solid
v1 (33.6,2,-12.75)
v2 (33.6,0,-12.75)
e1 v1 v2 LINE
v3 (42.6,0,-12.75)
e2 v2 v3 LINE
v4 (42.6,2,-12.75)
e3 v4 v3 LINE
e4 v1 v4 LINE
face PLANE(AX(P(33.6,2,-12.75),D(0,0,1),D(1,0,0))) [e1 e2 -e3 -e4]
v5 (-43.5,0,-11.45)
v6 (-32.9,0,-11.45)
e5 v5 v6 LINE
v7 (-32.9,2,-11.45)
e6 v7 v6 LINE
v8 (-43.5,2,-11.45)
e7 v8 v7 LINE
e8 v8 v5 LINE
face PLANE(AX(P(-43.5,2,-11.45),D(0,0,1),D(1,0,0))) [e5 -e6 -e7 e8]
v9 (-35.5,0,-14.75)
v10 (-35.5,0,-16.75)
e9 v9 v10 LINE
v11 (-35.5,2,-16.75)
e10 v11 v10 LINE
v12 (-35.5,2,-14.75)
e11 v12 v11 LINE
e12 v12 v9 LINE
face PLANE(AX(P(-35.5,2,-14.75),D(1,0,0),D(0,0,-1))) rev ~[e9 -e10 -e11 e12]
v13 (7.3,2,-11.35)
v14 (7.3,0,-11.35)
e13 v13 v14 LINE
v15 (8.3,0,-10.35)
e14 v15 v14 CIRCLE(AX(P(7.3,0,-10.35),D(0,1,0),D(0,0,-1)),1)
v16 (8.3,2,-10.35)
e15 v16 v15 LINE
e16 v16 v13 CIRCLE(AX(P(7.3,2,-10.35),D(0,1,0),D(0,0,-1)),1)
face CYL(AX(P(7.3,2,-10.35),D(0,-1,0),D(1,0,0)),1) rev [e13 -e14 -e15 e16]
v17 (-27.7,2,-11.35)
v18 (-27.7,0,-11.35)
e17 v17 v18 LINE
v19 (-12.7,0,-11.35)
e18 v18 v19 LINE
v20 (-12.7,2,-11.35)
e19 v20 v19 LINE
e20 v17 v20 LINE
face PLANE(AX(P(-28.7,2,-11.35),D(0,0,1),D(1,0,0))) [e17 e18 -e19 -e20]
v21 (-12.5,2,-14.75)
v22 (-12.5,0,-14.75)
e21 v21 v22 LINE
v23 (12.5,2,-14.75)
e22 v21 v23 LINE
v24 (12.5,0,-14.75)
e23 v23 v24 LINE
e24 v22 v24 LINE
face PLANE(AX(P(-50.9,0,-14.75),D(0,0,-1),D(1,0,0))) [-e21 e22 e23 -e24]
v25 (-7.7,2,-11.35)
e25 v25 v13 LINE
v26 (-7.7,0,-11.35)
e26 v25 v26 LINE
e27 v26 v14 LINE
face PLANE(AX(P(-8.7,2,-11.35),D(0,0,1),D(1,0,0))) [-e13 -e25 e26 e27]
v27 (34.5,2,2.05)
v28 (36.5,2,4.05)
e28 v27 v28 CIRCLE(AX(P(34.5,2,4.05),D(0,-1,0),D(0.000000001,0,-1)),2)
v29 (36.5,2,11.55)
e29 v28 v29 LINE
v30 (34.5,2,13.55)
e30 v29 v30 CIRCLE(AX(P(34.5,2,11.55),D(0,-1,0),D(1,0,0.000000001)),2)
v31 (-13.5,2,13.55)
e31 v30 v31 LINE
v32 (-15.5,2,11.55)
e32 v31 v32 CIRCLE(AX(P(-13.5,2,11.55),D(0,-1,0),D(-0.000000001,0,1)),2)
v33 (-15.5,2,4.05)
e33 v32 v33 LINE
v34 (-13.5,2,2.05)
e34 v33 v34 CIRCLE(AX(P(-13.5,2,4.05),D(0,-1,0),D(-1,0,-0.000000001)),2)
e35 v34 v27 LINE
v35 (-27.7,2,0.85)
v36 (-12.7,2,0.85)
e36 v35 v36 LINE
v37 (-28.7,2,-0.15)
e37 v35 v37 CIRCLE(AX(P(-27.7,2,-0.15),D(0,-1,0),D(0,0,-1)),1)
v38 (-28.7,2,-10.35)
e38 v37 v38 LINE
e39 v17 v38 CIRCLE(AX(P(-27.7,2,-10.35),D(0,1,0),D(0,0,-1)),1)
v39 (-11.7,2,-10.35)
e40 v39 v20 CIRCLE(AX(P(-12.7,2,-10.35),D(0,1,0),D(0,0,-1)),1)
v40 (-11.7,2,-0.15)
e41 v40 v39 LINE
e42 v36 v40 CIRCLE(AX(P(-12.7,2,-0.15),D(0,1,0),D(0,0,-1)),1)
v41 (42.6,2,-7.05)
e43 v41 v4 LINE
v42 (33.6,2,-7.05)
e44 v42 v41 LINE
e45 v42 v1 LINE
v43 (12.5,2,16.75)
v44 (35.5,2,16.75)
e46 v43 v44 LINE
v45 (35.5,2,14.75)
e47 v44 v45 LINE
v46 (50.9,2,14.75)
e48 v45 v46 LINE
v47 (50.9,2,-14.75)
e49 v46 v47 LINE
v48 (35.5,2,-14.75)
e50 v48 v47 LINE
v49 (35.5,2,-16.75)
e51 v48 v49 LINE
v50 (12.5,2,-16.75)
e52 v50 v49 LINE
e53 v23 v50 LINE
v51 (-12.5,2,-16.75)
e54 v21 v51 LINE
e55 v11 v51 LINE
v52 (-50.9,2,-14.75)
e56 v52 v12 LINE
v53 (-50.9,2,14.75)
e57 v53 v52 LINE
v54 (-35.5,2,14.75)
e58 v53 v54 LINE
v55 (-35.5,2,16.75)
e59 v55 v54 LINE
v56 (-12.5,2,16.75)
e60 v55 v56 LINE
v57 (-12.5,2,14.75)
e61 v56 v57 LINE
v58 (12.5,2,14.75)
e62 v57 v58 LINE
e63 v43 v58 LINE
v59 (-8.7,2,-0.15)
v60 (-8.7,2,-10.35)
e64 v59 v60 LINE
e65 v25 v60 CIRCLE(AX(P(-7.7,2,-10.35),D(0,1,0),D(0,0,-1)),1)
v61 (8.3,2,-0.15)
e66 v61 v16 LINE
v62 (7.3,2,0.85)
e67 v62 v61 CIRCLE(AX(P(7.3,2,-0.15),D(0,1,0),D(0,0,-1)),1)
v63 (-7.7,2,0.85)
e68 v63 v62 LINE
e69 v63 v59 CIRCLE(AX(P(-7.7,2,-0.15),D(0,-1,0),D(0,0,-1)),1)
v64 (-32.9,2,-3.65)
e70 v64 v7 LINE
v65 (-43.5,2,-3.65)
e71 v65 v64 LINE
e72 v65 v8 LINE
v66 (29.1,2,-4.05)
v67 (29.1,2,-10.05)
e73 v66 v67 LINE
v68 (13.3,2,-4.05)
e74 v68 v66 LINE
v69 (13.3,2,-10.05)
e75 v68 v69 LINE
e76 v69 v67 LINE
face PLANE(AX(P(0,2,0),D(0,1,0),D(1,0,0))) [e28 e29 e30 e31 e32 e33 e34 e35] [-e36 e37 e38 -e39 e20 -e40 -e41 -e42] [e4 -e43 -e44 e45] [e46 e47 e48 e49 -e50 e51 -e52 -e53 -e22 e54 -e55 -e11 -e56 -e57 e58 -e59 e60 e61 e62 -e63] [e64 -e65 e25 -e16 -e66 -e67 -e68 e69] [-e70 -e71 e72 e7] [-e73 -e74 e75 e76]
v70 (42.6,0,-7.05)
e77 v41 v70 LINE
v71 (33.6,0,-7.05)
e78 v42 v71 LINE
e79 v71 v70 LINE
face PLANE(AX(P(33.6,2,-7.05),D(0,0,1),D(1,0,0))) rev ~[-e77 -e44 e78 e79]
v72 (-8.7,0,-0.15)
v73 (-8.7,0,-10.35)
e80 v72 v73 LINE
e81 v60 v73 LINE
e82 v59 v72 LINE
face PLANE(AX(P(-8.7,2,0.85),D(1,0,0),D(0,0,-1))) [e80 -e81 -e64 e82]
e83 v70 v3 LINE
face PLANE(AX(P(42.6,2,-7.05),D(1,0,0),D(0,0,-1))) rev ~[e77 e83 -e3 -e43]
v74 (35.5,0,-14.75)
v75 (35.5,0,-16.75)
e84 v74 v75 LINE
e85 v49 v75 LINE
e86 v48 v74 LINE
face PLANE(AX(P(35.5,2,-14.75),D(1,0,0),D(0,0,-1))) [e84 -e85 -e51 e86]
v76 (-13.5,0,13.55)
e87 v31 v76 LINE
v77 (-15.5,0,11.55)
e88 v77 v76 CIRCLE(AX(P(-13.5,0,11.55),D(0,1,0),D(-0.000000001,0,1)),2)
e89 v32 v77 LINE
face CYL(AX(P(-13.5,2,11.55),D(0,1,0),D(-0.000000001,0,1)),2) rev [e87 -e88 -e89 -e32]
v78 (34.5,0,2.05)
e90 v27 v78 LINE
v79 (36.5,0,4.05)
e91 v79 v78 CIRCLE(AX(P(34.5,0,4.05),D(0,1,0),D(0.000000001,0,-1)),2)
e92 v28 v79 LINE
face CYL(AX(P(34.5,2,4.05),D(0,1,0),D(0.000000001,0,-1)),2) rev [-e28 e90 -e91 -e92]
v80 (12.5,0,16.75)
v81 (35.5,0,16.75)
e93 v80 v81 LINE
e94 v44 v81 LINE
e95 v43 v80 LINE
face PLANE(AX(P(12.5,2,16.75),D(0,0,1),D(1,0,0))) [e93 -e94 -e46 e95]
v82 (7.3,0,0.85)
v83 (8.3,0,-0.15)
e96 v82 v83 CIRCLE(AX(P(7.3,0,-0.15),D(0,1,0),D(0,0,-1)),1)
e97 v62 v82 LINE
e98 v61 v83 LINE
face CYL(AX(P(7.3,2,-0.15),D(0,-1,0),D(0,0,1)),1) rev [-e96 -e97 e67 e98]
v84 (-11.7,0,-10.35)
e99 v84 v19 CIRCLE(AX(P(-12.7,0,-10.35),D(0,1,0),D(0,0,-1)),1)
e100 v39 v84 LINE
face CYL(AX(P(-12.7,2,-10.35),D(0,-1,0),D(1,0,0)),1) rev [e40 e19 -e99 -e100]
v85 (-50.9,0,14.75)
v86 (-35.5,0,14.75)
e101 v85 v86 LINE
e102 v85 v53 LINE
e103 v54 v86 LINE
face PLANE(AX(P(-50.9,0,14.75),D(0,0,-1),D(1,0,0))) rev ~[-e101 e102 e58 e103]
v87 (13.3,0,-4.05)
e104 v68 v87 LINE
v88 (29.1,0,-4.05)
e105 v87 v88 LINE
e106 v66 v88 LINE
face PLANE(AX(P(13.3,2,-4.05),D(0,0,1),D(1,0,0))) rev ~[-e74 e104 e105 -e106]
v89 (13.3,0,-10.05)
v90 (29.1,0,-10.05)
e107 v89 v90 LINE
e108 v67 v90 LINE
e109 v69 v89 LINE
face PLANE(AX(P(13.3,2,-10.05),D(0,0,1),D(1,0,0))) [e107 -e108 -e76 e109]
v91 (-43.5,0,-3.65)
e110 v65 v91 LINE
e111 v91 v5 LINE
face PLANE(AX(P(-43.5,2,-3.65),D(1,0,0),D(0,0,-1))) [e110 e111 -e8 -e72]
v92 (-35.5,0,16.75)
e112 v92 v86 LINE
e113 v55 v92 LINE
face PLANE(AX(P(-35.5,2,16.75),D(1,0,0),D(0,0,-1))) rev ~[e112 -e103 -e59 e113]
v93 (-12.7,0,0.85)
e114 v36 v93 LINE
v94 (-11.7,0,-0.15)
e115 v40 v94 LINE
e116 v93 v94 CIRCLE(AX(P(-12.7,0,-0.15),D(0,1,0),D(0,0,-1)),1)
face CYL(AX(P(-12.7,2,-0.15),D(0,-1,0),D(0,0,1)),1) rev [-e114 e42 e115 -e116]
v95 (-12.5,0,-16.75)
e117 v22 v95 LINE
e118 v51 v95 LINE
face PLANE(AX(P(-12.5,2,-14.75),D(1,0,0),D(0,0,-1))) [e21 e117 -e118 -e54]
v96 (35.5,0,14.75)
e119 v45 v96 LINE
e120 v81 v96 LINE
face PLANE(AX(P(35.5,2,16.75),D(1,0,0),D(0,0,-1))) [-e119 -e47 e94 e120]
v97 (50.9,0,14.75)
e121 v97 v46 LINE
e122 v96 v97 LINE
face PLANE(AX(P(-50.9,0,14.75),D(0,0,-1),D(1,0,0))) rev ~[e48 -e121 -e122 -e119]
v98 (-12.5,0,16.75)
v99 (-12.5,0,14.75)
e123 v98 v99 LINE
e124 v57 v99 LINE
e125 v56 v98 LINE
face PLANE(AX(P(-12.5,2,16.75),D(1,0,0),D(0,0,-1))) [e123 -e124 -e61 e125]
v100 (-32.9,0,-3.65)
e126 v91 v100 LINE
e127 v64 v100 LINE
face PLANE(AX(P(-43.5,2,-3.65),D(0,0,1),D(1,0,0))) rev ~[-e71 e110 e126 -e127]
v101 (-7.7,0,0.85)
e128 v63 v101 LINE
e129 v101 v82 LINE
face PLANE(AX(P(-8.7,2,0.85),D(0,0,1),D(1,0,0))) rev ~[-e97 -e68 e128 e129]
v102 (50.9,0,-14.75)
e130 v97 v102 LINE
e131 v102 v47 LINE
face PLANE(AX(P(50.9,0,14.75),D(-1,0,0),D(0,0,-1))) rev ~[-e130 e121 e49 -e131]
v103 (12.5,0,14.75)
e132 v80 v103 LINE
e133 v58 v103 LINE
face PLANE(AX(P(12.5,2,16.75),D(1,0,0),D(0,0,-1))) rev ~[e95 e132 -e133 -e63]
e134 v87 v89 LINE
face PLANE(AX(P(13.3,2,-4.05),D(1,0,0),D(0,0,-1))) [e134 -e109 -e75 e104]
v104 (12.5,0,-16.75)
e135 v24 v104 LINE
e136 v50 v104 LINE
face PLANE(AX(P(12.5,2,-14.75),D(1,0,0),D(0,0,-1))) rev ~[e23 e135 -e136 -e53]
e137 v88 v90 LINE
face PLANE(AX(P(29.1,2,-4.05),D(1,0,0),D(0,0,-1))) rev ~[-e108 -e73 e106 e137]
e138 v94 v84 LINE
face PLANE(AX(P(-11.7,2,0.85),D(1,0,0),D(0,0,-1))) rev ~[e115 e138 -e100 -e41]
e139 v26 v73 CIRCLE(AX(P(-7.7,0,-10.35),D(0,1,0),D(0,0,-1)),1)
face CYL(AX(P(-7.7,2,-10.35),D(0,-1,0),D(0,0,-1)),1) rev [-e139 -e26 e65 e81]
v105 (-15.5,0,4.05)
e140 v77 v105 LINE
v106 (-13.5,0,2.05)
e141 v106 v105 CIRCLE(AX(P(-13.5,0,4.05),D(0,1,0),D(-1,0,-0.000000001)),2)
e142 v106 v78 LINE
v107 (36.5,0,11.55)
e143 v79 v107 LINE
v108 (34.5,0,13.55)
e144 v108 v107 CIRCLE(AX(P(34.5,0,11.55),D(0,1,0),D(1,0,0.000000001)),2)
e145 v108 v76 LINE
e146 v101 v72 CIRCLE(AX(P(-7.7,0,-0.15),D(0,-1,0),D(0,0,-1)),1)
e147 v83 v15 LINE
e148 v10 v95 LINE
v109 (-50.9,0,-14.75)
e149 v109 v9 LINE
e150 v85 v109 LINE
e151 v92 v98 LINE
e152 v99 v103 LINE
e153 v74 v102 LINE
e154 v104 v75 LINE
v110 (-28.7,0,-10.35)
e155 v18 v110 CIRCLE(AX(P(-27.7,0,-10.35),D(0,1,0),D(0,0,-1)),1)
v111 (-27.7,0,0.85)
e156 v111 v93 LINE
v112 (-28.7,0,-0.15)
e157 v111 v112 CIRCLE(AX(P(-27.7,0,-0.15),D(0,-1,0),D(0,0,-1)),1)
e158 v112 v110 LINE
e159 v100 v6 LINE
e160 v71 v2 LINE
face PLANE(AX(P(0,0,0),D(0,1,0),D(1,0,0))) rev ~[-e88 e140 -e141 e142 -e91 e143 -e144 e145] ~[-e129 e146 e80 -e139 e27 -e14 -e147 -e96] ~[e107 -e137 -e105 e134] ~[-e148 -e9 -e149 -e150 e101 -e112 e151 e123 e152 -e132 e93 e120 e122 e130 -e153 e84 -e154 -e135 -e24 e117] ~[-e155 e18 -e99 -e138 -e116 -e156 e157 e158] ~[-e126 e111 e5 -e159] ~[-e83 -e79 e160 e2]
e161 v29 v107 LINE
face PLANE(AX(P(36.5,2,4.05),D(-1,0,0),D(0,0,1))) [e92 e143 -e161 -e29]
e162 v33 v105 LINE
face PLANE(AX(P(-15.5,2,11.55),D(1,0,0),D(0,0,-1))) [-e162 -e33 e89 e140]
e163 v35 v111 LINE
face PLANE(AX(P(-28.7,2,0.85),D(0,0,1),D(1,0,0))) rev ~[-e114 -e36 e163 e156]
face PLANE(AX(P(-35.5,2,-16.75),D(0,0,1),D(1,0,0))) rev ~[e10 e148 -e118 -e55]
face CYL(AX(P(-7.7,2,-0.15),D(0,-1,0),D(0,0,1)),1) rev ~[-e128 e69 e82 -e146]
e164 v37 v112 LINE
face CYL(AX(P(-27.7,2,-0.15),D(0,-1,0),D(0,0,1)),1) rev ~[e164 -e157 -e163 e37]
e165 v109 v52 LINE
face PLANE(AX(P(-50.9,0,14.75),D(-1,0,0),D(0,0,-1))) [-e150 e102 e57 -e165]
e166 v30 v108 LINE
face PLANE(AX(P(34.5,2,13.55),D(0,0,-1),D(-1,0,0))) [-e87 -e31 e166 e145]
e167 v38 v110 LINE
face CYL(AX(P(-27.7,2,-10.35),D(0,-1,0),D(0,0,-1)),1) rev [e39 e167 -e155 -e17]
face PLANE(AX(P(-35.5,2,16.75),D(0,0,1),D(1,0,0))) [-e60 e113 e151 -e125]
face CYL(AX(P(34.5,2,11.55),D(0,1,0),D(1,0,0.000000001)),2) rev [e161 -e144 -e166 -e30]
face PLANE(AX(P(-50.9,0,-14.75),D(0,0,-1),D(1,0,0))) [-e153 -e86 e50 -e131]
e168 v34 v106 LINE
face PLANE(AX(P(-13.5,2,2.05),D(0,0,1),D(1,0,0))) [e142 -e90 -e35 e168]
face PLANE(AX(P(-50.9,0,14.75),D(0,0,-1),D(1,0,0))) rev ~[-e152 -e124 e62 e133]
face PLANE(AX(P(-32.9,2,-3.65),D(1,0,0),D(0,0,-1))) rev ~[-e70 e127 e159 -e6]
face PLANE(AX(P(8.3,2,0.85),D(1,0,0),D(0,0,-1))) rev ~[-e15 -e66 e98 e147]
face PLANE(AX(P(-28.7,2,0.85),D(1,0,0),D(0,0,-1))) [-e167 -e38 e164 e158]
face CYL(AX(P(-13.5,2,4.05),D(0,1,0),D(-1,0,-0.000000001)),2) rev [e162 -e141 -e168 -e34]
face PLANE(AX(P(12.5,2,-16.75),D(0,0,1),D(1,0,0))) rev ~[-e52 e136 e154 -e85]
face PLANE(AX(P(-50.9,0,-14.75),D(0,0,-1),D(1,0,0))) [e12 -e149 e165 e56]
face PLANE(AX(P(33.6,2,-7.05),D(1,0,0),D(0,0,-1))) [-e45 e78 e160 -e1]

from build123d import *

# Parameters (mm, degrees)
SKETCH_1_W                     = 101.8
SKETCH_1_H                     = 29.5
EXTRUDE_1_DEPTH                = 2
SKETCH_2_W                     = 23
SKETCH_2_H                     = 2
EXTRUDE_2_DEPTH                = 2
SKETCH_3_W                     = 9
SKETCH_3_H                     = 5.7
CUT_EXTRUDE_1_DEPTH            = 3
SKETCH_4_W                     = 10.6
SKETCH_4_H                     = 7.8
CUT_EXTRUDE_2_DEPTH            = 3
SKETCH_6_W                     = 17
SKETCH_6_H                     = 12.2
CUT_EXTRUDE_4_DEPTH            = 3
FILLET_1_R                     = 1
PATTERN_LINEAR_1_COUNT         = 2
PATTERN_LINEAR_1_PITCH         = 20
FILLET_1_OF_PATTERN_LINEAR_1_R = 1
SKETCH_7_W                     = 15.8
SKETCH_7_H                     = 6
CUT_EXTRUDE_5_DEPTH            = 3
CUT_EXTRUDE_6_DEPTH            = 3


with BuildPart() as part:
    # 草图1 → 凸台-拉伸1 (new body)
    with BuildSketch(Plane(origin=(0, 0, 0), x_dir=(1, 0, 0), z_dir=(0, 1, 0))):
        Rectangle(SKETCH_1_W, SKETCH_1_H)
    extrude(amount=EXTRUDE_1_DEPTH)

    # 草图2 → 凸台-拉伸2 (add)
    with BuildSketch(Plane(origin=(0, 2, 0), x_dir=(1, 0, 0), z_dir=(0, 1, 0))):
        with Locations((-24, 15.75)):
            Rectangle(SKETCH_2_W, SKETCH_2_H)
        with Locations((24, 15.75)):
            Rectangle(SKETCH_2_W, SKETCH_2_H)
        with Locations((24, -15.75)):
            Rectangle(SKETCH_2_W, SKETCH_2_H)
        with Locations((-24, -15.75)):
            Rectangle(SKETCH_2_W, SKETCH_2_H)
    extrude(amount=-EXTRUDE_2_DEPTH)

    # 草图3 → 切除-拉伸1 (cut, through all)
    with BuildSketch(Plane(origin=(0, 2, 0), x_dir=(1, 0, 0), z_dir=(0, 1, 0))):
        with Locations((38.1, 9.9)):
            Rectangle(SKETCH_3_W, SKETCH_3_H)
    extrude(amount=-CUT_EXTRUDE_1_DEPTH, mode=Mode.SUBTRACT)

    # 草图4 → 切除-拉伸2 (cut, through all)
    with BuildSketch(Plane(origin=(0, 2, 0), x_dir=(1, 0, 0), z_dir=(0, 1, 0))):
        with Locations((-38.2, 7.55)):
            Rectangle(SKETCH_4_W, SKETCH_4_H)
    extrude(amount=-CUT_EXTRUDE_2_DEPTH, mode=Mode.SUBTRACT)

    # 草图6 → 切除-拉伸4 (cut, through all)
    with BuildSketch(Plane(origin=(0, 2, 0), x_dir=(1, 0, 0), z_dir=(0, 1, 0))):
        with Locations((-20.2, 5.25)):
            Rectangle(SKETCH_6_W, SKETCH_6_H)
    cut_extrude_4 = extrude(amount=-CUT_EXTRUDE_4_DEPTH, mode=Mode.SUBTRACT)

    # 圆角1
    fillet_1_edges = [part.edges().sort_by_distance(p)[0] for p in [
        (-28.7, 1, 0.85),
        (-28.7, 1, -11.35),
        (-11.7, 1, -11.35),
        (-11.7, 1, 0.85),
    ]]
    fillet(fillet_1_edges, radius=FILLET_1_R)

    # 阵列(线性)1: 切除-拉伸4 ×2
    with Locations(*[(i * PATTERN_LINEAR_1_PITCH, 0, 0) for i in range(1, PATTERN_LINEAR_1_COUNT)]):
        add(cut_extrude_4, mode=Mode.SUBTRACT)

    # 圆角1 of 阵列(线性)1
    fillet_1_of_pattern_linear_1_edges = [part.edges().sort_by_distance(p)[0] for p in [
        (-8.7, 1, 0.85),
        (-8.7, 1, -11.35),
        (8.3, 1, -11.35),
        (8.3, 1, 0.85),
    ]]
    fillet(fillet_1_of_pattern_linear_1_edges, radius=FILLET_1_OF_PATTERN_LINEAR_1_R)

    # 草图7 → 切除-拉伸5 (cut, through all)
    with BuildSketch(Plane(origin=(0, 2, 0), x_dir=(1, 0, 0), z_dir=(0, 1, 0))):
        with Locations((21.2, 7.05)):
            Rectangle(SKETCH_7_W, SKETCH_7_H)
    extrude(amount=-CUT_EXTRUDE_5_DEPTH, mode=Mode.SUBTRACT)

    # 草图8 → 切除-拉伸6 (cut, through all)
    with BuildSketch(Plane(origin=(0, 2, 0), x_dir=(1, 0, 0), z_dir=(0, 1, 0))):
        with BuildLine():
            Line((-13.5, -2.05), (34.5, -2.05))
            ThreePointArc((34.5, -2.05), (35.914213562, -2.635786438), (36.5, -4.05))
            Line((36.5, -4.05), (36.5, -11.55))
            ThreePointArc((36.5, -11.55), (35.914213562, -12.964213562), (34.5, -13.55))
            Line((34.5, -13.55), (-13.5, -13.55))
            ThreePointArc((-13.5, -13.55), (-14.914213562, -12.964213562), (-15.5, -11.55))
            Line((-15.5, -11.55), (-15.5, -4.05))
            ThreePointArc((-15.5, -4.05), (-14.914213562, -2.635786438), (-13.5, -2.05))
        make_face()
    extrude(amount=-CUT_EXTRUDE_6_DEPTH, mode=Mode.SUBTRACT)


solid = part.part
